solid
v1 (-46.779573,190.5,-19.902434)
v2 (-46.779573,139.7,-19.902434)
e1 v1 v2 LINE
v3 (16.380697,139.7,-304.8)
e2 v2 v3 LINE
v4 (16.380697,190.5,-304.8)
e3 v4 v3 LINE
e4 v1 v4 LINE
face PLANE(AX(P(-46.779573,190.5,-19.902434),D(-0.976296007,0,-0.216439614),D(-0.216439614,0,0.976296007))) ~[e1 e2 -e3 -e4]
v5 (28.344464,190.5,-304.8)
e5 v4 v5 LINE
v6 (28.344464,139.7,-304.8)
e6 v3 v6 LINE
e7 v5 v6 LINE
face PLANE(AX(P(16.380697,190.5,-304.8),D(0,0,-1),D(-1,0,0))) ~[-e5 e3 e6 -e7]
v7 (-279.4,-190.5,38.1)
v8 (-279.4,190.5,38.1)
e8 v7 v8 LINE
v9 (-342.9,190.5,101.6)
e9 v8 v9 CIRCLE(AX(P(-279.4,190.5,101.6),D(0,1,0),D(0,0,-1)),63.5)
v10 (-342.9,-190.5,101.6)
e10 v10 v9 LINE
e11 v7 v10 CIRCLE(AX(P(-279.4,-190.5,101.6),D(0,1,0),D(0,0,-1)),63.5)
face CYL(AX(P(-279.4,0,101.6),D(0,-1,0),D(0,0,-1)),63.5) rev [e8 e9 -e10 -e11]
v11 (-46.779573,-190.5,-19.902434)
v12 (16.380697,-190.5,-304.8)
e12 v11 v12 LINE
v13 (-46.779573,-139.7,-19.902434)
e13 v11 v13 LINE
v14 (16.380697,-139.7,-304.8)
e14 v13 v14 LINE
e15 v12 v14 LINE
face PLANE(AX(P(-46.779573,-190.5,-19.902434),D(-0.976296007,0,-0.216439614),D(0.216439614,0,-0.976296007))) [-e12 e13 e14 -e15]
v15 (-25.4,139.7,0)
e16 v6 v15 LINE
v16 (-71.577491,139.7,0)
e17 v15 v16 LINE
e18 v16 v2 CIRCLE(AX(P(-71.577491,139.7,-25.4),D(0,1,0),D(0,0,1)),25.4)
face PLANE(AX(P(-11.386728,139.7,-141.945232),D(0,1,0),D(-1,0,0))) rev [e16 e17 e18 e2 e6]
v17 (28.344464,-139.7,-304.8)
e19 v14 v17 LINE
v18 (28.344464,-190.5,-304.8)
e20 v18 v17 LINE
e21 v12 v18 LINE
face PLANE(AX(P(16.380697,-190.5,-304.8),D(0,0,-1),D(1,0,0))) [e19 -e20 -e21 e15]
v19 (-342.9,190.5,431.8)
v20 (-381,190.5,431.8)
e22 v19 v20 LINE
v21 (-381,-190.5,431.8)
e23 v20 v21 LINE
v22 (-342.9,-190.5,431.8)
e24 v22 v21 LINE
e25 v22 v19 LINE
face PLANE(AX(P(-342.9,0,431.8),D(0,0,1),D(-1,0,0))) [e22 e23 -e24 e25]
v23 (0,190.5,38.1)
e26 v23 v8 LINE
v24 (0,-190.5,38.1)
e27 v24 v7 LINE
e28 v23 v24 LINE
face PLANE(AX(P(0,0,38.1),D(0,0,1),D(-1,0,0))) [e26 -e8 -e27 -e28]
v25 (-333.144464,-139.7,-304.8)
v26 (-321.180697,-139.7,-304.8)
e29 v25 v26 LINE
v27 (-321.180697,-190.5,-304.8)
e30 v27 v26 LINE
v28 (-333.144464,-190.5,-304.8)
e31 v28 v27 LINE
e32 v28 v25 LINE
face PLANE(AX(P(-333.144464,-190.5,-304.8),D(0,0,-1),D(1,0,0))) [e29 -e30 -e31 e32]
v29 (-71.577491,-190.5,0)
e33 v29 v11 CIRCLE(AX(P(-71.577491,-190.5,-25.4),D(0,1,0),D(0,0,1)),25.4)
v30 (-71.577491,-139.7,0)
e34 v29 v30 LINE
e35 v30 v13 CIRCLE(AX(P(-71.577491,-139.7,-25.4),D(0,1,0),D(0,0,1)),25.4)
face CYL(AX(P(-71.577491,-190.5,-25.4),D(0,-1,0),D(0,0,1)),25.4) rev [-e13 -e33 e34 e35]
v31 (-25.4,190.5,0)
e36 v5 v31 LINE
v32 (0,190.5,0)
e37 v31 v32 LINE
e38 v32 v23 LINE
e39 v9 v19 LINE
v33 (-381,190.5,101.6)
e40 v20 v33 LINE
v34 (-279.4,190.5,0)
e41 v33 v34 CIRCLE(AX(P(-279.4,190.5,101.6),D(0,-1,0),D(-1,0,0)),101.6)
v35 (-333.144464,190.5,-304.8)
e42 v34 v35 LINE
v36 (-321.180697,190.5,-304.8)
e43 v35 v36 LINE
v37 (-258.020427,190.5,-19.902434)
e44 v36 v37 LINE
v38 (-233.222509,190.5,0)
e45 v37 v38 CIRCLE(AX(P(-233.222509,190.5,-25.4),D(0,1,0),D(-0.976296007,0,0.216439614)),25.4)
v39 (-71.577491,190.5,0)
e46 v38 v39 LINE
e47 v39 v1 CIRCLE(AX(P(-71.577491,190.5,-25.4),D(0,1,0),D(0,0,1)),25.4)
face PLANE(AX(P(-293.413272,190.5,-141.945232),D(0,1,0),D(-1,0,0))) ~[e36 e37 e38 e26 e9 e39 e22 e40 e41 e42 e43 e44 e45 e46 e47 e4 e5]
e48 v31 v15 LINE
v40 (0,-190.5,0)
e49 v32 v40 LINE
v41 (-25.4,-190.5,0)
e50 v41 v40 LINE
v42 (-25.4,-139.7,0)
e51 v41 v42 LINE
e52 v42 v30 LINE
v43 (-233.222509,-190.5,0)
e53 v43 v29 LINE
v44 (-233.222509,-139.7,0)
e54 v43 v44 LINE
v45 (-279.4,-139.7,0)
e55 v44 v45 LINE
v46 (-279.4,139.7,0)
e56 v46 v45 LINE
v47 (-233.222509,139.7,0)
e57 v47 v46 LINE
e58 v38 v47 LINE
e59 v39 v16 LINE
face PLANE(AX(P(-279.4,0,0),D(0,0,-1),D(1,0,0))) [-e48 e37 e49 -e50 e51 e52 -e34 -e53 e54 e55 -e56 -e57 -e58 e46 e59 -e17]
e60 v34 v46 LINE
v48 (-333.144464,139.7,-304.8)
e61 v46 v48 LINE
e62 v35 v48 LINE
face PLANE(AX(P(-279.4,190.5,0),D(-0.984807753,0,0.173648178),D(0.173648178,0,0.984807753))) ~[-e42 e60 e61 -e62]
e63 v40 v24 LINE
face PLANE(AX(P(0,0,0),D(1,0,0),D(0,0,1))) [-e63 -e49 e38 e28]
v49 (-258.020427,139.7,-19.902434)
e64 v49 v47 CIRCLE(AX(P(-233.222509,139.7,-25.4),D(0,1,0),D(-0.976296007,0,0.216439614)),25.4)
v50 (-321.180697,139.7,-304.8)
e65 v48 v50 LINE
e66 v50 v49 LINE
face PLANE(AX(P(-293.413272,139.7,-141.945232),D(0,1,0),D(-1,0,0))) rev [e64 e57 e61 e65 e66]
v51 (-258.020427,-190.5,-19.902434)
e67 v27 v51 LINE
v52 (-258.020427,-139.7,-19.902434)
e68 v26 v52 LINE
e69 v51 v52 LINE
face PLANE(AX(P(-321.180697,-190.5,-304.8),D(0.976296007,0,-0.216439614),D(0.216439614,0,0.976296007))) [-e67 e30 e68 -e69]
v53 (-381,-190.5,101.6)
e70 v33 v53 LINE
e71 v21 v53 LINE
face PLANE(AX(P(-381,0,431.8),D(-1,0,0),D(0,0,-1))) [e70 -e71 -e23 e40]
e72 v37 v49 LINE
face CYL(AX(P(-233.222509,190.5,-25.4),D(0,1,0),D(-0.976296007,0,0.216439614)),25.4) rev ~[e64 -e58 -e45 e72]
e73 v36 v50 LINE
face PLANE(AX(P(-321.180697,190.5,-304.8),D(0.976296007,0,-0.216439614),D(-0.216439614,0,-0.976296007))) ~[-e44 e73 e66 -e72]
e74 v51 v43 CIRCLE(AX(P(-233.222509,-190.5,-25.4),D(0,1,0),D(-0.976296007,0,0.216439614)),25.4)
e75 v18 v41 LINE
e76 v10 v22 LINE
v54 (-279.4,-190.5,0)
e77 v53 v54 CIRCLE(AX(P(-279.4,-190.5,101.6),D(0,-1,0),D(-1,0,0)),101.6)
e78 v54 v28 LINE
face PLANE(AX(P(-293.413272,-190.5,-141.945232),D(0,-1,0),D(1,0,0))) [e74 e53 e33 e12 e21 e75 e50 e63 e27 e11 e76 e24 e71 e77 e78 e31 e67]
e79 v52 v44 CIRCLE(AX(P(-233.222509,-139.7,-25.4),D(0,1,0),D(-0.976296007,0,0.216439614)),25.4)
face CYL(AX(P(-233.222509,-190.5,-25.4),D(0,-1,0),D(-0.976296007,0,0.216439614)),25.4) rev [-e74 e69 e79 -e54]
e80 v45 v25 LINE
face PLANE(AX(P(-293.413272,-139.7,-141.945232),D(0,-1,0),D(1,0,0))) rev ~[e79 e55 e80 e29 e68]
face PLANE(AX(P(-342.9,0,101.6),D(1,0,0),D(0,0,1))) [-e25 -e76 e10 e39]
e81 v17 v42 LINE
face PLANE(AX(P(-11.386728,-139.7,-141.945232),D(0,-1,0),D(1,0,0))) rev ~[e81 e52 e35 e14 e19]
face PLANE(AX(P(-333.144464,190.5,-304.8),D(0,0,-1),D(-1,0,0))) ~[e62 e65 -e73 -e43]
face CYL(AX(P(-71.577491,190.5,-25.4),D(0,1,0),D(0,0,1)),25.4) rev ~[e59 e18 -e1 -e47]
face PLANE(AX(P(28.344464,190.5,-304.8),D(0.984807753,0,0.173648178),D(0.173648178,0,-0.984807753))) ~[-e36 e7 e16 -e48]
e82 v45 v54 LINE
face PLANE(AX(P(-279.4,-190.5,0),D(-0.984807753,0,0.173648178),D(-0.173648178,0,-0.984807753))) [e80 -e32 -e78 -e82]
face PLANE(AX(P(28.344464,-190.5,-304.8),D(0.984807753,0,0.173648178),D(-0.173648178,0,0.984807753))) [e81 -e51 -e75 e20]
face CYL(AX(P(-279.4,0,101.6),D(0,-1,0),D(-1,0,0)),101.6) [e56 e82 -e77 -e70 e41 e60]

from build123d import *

# Parameters (mm, degrees)
F1_DEPTH = 190.5
F3_DEPTH = 50.8


with BuildPart() as f1:
    # F0 (on Front) → F1 (new body, symmetric)
    with BuildSketch(Plane.XZ):
        with BuildLine():
            Line((-342.9, 431.8), (-381, 431.8))
            Line((-381, 431.8), (-381, 101.6))
            ThreePointArc((-381, 101.6), (-351.2420489686, 29.7579510314), (-279.4, 0))
            Line((-279.4, 0), (0, 0))
            Line((0, 0), (0, 38.1))
            Line((0, 38.1), (-279.4, 38.1))
            ThreePointArc((-279.4, 38.1), (-324.3012806053, 56.6987193947), (-342.9, 101.6))
            Line((-342.9, 101.6), (-342.9, 431.8))
        make_face()
    extrude(amount=F1_DEPTH, both=True)

    # F2 (on face) → F3 (join)
    with BuildSketch(Plane.XZ.offset(190.5)):
        with BuildLine():
            Line((-279.4, 0), (-333.1444637199, -304.8))
            Line((-333.1444637199, -304.8), (-321.1806972317, -304.8))
            Line((-321.1806972317, -304.8), (-258.0204274065, -19.902433806))
            ThreePointArc((-258.0204274065, -19.902433806), (-249.1209650191, -5.5909341294), (-233.2225088256, 0))
            Line((-233.2225088256, 0), (-279.4, 0))
        make_face()
        with BuildLine():
            Line((-25.4, 0), (-71.5774911744, 0))
            ThreePointArc((-71.5774911744, 0), (-55.6790349809, -5.5909341294), (-46.7795725935, -19.902433806))
            Line((-46.7795725935, -19.902433806), (16.3806972317, -304.8))
            Line((16.3806972317, -304.8), (28.3444637199, -304.8))
            Line((28.3444637199, -304.8), (-25.4, 0))
        make_face()
    extrude(amount=-F3_DEPTH)

    # F4: F1 across plane


with BuildPart() as f1_1:
    add(f1.part)
    add(f1.part.mirror(Plane.XZ))


solid = f1_1.part
